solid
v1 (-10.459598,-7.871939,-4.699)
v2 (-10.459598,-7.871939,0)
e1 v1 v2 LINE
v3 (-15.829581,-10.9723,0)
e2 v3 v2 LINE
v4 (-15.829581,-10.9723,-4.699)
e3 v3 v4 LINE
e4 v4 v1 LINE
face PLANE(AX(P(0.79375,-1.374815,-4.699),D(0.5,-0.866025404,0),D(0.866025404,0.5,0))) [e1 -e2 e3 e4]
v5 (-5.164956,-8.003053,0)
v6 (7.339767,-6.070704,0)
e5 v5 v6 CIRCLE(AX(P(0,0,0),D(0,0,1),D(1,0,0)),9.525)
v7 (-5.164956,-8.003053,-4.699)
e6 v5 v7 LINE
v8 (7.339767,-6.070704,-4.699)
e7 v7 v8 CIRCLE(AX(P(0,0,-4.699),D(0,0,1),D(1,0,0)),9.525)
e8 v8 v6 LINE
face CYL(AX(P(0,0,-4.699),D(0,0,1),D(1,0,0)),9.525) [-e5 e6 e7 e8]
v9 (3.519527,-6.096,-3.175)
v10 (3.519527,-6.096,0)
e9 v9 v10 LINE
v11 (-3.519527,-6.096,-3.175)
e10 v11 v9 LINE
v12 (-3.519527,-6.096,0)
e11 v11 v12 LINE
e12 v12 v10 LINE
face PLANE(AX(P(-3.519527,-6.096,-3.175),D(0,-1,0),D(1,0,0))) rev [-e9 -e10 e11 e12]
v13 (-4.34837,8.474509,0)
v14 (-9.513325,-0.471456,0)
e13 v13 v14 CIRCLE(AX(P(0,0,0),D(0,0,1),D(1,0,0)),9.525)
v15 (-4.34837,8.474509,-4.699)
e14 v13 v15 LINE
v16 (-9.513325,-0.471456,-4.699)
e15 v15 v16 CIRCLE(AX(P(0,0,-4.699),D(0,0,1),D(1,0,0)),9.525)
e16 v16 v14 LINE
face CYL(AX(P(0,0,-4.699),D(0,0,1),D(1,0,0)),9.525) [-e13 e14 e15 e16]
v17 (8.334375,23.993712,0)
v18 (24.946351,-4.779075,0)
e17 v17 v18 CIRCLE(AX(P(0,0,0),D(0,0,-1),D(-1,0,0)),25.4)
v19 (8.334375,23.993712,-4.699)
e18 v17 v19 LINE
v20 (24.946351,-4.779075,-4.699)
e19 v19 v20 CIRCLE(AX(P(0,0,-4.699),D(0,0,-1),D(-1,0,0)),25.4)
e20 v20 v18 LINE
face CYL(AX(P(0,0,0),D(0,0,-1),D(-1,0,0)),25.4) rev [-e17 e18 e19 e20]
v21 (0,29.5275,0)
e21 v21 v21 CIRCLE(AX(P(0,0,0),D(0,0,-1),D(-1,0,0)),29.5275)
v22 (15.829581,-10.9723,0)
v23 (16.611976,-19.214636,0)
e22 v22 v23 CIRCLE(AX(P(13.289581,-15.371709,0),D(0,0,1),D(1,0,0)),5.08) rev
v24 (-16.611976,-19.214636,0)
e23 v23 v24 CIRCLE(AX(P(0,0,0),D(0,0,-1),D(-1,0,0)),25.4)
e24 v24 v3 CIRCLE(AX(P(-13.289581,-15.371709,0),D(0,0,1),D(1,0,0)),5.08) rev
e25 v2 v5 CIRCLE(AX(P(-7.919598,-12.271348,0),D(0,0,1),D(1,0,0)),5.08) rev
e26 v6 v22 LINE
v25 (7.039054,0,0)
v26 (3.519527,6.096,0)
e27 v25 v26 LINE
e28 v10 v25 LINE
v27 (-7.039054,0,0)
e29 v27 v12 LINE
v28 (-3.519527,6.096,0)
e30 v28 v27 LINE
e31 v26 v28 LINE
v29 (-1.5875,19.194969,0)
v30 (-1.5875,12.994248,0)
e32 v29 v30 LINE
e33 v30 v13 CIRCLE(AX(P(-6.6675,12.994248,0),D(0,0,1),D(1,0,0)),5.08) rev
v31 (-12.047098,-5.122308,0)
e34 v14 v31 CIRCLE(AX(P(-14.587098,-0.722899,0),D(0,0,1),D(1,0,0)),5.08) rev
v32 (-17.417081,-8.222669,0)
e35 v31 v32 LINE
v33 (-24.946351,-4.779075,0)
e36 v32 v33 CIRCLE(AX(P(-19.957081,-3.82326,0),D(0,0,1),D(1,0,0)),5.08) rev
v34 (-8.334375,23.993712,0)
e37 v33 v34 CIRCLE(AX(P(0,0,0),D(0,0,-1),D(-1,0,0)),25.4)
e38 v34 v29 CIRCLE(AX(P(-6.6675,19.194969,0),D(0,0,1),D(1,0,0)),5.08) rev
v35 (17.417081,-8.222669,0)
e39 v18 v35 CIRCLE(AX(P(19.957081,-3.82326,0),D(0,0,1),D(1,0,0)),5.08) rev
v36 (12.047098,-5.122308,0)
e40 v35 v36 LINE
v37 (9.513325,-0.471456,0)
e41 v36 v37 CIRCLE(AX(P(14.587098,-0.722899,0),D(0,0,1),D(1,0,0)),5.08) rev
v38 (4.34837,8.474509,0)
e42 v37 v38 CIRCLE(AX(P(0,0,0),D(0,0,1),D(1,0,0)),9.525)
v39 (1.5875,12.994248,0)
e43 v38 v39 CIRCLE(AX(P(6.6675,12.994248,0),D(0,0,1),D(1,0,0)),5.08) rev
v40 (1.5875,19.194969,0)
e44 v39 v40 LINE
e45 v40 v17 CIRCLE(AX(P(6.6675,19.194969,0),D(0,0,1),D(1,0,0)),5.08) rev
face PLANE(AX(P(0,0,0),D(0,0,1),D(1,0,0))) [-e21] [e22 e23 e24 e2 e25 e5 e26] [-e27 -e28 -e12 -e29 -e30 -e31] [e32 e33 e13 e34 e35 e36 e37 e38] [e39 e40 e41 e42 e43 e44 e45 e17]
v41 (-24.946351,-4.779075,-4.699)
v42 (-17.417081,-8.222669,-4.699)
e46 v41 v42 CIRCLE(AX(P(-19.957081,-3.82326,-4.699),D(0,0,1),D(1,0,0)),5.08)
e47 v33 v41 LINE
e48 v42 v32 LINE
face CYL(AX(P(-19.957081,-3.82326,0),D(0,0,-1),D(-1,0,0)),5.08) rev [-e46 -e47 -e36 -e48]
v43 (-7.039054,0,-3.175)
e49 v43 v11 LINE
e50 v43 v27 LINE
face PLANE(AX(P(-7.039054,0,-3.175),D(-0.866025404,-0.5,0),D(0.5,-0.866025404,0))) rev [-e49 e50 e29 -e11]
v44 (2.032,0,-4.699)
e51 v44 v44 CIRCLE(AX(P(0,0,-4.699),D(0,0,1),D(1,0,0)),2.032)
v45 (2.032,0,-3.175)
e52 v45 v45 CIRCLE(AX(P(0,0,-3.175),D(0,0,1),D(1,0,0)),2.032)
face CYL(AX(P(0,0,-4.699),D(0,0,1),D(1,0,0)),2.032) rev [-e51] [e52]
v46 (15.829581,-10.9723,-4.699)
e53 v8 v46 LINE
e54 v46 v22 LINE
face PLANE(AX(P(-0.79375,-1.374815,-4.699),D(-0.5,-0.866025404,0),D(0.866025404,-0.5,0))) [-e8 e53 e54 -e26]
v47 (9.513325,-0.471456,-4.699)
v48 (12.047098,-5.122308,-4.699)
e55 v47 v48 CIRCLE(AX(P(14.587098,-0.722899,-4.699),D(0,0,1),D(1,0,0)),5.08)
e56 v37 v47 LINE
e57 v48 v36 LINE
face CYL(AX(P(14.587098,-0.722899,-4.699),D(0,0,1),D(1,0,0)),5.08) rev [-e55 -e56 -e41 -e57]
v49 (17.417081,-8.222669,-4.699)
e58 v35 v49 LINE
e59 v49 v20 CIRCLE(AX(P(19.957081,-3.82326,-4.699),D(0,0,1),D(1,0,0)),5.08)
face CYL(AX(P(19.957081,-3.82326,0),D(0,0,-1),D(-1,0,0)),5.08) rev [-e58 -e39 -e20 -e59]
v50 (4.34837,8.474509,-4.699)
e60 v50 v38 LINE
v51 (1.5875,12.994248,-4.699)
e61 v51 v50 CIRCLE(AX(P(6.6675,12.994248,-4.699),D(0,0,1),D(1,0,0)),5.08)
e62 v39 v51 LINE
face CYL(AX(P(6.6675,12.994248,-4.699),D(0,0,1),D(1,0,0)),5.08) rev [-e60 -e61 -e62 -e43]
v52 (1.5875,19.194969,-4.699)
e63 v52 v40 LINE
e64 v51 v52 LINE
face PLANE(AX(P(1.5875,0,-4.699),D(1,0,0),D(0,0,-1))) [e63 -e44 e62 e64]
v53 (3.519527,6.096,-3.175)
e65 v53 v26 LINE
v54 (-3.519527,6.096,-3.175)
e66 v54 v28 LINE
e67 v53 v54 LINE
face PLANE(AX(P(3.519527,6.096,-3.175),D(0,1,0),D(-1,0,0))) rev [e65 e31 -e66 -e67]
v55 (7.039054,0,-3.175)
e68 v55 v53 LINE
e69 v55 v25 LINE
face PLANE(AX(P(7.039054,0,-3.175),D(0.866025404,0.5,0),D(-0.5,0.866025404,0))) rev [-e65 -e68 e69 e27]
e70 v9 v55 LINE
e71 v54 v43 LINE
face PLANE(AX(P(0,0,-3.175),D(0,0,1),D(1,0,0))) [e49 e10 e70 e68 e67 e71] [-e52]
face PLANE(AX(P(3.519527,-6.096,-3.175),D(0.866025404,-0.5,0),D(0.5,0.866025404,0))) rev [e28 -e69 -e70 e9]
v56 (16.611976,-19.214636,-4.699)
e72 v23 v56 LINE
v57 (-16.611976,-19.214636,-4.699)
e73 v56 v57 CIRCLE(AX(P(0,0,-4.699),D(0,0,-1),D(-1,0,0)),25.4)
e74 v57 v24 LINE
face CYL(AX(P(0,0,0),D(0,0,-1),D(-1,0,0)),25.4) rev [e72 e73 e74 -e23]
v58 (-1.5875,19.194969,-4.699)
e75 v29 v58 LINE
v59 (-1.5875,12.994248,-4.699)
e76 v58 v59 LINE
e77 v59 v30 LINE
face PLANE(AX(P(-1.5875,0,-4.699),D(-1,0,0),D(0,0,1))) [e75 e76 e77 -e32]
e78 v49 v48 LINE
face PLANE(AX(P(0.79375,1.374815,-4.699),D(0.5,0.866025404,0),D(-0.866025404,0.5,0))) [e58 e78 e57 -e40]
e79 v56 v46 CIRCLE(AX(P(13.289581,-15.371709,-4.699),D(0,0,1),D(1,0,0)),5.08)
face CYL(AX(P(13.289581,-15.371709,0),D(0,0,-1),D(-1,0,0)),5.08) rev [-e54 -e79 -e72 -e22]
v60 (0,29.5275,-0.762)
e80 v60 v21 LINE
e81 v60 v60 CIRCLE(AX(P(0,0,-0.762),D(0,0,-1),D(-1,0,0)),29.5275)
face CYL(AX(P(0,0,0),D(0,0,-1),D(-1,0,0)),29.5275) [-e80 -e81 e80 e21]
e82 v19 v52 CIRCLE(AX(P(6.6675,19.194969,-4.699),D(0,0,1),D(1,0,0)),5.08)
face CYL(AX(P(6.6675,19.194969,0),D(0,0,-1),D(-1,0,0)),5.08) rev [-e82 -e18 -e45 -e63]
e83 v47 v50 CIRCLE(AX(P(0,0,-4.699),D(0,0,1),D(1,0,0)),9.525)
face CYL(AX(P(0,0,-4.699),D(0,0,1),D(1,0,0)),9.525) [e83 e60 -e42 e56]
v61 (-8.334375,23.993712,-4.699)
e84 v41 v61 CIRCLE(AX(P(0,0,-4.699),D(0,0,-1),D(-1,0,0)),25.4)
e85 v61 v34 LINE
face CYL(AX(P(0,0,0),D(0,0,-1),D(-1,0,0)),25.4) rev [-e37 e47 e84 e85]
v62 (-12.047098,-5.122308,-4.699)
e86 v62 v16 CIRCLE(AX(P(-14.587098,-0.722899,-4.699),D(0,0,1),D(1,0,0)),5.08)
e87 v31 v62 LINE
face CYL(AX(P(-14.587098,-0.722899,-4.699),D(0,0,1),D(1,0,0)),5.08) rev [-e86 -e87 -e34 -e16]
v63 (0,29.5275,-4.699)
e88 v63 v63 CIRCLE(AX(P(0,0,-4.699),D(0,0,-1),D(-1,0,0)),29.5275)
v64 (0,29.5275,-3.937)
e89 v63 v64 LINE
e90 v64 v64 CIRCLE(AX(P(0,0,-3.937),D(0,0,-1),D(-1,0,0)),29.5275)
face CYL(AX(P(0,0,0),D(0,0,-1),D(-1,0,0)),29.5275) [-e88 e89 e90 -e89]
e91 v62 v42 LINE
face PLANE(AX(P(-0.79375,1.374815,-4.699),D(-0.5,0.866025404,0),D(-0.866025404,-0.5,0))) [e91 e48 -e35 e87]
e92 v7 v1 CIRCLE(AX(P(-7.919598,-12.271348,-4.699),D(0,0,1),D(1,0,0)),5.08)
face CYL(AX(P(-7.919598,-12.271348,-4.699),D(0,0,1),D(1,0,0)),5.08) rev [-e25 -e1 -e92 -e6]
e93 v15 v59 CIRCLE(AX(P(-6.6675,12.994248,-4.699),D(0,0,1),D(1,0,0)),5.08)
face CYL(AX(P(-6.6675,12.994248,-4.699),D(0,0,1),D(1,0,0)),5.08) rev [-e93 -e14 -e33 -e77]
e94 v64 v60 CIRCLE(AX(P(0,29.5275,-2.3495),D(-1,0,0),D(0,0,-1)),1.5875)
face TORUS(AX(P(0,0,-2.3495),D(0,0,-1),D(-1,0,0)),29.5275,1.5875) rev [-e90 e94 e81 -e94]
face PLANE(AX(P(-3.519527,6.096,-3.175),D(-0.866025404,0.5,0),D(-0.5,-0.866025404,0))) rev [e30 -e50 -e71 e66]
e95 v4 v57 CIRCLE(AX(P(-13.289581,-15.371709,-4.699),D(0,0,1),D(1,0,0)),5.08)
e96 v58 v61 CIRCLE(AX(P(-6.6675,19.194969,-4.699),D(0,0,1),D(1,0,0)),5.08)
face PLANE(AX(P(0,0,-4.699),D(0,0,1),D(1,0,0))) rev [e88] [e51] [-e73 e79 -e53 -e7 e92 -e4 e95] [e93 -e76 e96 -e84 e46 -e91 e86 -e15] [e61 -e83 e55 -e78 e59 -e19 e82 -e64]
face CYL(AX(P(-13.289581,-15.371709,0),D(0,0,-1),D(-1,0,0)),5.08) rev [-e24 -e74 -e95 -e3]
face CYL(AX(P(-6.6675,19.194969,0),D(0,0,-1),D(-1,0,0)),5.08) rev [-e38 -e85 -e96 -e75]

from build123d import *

# Parameters (mm, degrees)
SKETCH1_R           = 9.525
BOSS_EXTRUDE1_DEPTH = 4.699
CUT_EXTRUDE1_DEPTH  = 3.175
SKETCH5_R           = 2.032
CUT_EXTRUDE2_DEPTH  = 43.021745862
FILLET1_R           = 5.08


with BuildPart() as part:
    # Sketch1 → Boss-Extrude1 (new body)
    with BuildSketch(Plane.XY):
        with BuildLine():
            ThreePointArc((1.5875, 25.350342083), (0, 25.4), (-1.5875, 25.350342083))
            Line((-1.5875, 25.350342083), (-1.5875, 9.391776656))
            ThreePointArc((-1.5875, 9.391776656), (0, 9.525), (1.5875, 9.391776656))
            Line((1.5875, 9.391776656), (1.5875, 25.350342083))
        make_face()
        Circle(SKETCH1_R)
        with BuildLine():
            ThreePointArc((21.160290239, -14.04998637), (21.997045256, -12.7), (22.747790239, -11.300355713))
            Line((22.747790239, -11.300355713), (8.92726717, -3.321072999))
            ThreePointArc((8.92726717, -3.321072999), (8.248891971, -4.7625), (7.33976717, -6.070703656))
            Line((7.33976717, -6.070703656), (21.160290239, -14.04998637))
        make_face()
        with BuildLine():
            Line((-8.92726717, -3.321072999), (-22.747790239, -11.300355713))
            ThreePointArc((-22.747790239, -11.300355713), (-21.997045256, -12.7), (-21.160290239, -14.04998637))
            Line((-21.160290239, -14.04998637), (-7.33976717, -6.070703656))
            ThreePointArc((-7.33976717, -6.070703656), (-8.248891971, -4.7625), (-8.92726717, -3.321072999))
        make_face()
    extrude(amount=-BOSS_EXTRUDE1_DEPTH)

    # Sweep1: sweep along a path in Sketch4
    with BuildLine(Plane.XY) as sweep1_path:
        CenterArc((0, 0), 25.4, 0, 360)
    # Sketch3 → Sweep1 (sweep)
    with BuildSketch(Plane(origin=(0, 0, 0), x_dir=(0, 0, -1), z_dir=(1, 0, 0))):
        with BuildLine():
            Line((0, 25.4), (0, 29.5275))
            Line((0, 29.5275), (0.762, 29.5275))
            ThreePointArc((0.762, 29.5275), (2.3495, 27.94), (3.937, 29.5275))
            Line((3.937, 29.5275), (4.699, 29.5275))
            Line((4.699, 29.5275), (4.699, 25.4))
            Line((4.699, 25.4), (0, 25.4))
        make_face()
    sweep(path=sweep1_path.line)

    # Sketch2 → Cut-Extrude1 (cut)
    with BuildSketch(Plane.XY):
        Polygon((7.039054482, 0), (3.519527241, 6.096), (-3.519527241, 6.096), (-7.039054482, 0), (-3.519527241, -6.096), (3.519527241, -6.096), align=None)
    extrude(amount=-CUT_EXTRUDE1_DEPTH, mode=Mode.SUBTRACT)

    # Sketch5 → Cut-Extrude2 (cut, through all)
    with BuildSketch(Plane.XY):
        Circle(SKETCH5_R)
    extrude(amount=-CUT_EXTRUDE2_DEPTH, mode=Mode.SUBTRACT)

    # Fillet1
    fillet1_edges = [part.edges().sort_by_distance(p)[0] for p in [
        (-1.5875, 25.350342083, -2.3495),
        (1.5875, 25.350342083, -2.3495),
        (1.5875, 9.391776656, -2.3495),
        (8.92726717, -3.321072999, -2.3495),
        (22.747790239, -11.300355713, -2.3495),
        (21.160290239, -14.04998637, -2.3495),
        (-7.33976717, -6.070703656, -2.3495),
        (-21.160290239, -14.04998637, -2.3495),
        (-22.747790239, -11.300355713, -2.3495),
        (-8.92726717, -3.321072999, -2.3495),
        (-1.5875, 9.391776656, -2.3495),
    ]]
    fillet(fillet1_edges, radius=FILLET1_R)


solid = part.part
